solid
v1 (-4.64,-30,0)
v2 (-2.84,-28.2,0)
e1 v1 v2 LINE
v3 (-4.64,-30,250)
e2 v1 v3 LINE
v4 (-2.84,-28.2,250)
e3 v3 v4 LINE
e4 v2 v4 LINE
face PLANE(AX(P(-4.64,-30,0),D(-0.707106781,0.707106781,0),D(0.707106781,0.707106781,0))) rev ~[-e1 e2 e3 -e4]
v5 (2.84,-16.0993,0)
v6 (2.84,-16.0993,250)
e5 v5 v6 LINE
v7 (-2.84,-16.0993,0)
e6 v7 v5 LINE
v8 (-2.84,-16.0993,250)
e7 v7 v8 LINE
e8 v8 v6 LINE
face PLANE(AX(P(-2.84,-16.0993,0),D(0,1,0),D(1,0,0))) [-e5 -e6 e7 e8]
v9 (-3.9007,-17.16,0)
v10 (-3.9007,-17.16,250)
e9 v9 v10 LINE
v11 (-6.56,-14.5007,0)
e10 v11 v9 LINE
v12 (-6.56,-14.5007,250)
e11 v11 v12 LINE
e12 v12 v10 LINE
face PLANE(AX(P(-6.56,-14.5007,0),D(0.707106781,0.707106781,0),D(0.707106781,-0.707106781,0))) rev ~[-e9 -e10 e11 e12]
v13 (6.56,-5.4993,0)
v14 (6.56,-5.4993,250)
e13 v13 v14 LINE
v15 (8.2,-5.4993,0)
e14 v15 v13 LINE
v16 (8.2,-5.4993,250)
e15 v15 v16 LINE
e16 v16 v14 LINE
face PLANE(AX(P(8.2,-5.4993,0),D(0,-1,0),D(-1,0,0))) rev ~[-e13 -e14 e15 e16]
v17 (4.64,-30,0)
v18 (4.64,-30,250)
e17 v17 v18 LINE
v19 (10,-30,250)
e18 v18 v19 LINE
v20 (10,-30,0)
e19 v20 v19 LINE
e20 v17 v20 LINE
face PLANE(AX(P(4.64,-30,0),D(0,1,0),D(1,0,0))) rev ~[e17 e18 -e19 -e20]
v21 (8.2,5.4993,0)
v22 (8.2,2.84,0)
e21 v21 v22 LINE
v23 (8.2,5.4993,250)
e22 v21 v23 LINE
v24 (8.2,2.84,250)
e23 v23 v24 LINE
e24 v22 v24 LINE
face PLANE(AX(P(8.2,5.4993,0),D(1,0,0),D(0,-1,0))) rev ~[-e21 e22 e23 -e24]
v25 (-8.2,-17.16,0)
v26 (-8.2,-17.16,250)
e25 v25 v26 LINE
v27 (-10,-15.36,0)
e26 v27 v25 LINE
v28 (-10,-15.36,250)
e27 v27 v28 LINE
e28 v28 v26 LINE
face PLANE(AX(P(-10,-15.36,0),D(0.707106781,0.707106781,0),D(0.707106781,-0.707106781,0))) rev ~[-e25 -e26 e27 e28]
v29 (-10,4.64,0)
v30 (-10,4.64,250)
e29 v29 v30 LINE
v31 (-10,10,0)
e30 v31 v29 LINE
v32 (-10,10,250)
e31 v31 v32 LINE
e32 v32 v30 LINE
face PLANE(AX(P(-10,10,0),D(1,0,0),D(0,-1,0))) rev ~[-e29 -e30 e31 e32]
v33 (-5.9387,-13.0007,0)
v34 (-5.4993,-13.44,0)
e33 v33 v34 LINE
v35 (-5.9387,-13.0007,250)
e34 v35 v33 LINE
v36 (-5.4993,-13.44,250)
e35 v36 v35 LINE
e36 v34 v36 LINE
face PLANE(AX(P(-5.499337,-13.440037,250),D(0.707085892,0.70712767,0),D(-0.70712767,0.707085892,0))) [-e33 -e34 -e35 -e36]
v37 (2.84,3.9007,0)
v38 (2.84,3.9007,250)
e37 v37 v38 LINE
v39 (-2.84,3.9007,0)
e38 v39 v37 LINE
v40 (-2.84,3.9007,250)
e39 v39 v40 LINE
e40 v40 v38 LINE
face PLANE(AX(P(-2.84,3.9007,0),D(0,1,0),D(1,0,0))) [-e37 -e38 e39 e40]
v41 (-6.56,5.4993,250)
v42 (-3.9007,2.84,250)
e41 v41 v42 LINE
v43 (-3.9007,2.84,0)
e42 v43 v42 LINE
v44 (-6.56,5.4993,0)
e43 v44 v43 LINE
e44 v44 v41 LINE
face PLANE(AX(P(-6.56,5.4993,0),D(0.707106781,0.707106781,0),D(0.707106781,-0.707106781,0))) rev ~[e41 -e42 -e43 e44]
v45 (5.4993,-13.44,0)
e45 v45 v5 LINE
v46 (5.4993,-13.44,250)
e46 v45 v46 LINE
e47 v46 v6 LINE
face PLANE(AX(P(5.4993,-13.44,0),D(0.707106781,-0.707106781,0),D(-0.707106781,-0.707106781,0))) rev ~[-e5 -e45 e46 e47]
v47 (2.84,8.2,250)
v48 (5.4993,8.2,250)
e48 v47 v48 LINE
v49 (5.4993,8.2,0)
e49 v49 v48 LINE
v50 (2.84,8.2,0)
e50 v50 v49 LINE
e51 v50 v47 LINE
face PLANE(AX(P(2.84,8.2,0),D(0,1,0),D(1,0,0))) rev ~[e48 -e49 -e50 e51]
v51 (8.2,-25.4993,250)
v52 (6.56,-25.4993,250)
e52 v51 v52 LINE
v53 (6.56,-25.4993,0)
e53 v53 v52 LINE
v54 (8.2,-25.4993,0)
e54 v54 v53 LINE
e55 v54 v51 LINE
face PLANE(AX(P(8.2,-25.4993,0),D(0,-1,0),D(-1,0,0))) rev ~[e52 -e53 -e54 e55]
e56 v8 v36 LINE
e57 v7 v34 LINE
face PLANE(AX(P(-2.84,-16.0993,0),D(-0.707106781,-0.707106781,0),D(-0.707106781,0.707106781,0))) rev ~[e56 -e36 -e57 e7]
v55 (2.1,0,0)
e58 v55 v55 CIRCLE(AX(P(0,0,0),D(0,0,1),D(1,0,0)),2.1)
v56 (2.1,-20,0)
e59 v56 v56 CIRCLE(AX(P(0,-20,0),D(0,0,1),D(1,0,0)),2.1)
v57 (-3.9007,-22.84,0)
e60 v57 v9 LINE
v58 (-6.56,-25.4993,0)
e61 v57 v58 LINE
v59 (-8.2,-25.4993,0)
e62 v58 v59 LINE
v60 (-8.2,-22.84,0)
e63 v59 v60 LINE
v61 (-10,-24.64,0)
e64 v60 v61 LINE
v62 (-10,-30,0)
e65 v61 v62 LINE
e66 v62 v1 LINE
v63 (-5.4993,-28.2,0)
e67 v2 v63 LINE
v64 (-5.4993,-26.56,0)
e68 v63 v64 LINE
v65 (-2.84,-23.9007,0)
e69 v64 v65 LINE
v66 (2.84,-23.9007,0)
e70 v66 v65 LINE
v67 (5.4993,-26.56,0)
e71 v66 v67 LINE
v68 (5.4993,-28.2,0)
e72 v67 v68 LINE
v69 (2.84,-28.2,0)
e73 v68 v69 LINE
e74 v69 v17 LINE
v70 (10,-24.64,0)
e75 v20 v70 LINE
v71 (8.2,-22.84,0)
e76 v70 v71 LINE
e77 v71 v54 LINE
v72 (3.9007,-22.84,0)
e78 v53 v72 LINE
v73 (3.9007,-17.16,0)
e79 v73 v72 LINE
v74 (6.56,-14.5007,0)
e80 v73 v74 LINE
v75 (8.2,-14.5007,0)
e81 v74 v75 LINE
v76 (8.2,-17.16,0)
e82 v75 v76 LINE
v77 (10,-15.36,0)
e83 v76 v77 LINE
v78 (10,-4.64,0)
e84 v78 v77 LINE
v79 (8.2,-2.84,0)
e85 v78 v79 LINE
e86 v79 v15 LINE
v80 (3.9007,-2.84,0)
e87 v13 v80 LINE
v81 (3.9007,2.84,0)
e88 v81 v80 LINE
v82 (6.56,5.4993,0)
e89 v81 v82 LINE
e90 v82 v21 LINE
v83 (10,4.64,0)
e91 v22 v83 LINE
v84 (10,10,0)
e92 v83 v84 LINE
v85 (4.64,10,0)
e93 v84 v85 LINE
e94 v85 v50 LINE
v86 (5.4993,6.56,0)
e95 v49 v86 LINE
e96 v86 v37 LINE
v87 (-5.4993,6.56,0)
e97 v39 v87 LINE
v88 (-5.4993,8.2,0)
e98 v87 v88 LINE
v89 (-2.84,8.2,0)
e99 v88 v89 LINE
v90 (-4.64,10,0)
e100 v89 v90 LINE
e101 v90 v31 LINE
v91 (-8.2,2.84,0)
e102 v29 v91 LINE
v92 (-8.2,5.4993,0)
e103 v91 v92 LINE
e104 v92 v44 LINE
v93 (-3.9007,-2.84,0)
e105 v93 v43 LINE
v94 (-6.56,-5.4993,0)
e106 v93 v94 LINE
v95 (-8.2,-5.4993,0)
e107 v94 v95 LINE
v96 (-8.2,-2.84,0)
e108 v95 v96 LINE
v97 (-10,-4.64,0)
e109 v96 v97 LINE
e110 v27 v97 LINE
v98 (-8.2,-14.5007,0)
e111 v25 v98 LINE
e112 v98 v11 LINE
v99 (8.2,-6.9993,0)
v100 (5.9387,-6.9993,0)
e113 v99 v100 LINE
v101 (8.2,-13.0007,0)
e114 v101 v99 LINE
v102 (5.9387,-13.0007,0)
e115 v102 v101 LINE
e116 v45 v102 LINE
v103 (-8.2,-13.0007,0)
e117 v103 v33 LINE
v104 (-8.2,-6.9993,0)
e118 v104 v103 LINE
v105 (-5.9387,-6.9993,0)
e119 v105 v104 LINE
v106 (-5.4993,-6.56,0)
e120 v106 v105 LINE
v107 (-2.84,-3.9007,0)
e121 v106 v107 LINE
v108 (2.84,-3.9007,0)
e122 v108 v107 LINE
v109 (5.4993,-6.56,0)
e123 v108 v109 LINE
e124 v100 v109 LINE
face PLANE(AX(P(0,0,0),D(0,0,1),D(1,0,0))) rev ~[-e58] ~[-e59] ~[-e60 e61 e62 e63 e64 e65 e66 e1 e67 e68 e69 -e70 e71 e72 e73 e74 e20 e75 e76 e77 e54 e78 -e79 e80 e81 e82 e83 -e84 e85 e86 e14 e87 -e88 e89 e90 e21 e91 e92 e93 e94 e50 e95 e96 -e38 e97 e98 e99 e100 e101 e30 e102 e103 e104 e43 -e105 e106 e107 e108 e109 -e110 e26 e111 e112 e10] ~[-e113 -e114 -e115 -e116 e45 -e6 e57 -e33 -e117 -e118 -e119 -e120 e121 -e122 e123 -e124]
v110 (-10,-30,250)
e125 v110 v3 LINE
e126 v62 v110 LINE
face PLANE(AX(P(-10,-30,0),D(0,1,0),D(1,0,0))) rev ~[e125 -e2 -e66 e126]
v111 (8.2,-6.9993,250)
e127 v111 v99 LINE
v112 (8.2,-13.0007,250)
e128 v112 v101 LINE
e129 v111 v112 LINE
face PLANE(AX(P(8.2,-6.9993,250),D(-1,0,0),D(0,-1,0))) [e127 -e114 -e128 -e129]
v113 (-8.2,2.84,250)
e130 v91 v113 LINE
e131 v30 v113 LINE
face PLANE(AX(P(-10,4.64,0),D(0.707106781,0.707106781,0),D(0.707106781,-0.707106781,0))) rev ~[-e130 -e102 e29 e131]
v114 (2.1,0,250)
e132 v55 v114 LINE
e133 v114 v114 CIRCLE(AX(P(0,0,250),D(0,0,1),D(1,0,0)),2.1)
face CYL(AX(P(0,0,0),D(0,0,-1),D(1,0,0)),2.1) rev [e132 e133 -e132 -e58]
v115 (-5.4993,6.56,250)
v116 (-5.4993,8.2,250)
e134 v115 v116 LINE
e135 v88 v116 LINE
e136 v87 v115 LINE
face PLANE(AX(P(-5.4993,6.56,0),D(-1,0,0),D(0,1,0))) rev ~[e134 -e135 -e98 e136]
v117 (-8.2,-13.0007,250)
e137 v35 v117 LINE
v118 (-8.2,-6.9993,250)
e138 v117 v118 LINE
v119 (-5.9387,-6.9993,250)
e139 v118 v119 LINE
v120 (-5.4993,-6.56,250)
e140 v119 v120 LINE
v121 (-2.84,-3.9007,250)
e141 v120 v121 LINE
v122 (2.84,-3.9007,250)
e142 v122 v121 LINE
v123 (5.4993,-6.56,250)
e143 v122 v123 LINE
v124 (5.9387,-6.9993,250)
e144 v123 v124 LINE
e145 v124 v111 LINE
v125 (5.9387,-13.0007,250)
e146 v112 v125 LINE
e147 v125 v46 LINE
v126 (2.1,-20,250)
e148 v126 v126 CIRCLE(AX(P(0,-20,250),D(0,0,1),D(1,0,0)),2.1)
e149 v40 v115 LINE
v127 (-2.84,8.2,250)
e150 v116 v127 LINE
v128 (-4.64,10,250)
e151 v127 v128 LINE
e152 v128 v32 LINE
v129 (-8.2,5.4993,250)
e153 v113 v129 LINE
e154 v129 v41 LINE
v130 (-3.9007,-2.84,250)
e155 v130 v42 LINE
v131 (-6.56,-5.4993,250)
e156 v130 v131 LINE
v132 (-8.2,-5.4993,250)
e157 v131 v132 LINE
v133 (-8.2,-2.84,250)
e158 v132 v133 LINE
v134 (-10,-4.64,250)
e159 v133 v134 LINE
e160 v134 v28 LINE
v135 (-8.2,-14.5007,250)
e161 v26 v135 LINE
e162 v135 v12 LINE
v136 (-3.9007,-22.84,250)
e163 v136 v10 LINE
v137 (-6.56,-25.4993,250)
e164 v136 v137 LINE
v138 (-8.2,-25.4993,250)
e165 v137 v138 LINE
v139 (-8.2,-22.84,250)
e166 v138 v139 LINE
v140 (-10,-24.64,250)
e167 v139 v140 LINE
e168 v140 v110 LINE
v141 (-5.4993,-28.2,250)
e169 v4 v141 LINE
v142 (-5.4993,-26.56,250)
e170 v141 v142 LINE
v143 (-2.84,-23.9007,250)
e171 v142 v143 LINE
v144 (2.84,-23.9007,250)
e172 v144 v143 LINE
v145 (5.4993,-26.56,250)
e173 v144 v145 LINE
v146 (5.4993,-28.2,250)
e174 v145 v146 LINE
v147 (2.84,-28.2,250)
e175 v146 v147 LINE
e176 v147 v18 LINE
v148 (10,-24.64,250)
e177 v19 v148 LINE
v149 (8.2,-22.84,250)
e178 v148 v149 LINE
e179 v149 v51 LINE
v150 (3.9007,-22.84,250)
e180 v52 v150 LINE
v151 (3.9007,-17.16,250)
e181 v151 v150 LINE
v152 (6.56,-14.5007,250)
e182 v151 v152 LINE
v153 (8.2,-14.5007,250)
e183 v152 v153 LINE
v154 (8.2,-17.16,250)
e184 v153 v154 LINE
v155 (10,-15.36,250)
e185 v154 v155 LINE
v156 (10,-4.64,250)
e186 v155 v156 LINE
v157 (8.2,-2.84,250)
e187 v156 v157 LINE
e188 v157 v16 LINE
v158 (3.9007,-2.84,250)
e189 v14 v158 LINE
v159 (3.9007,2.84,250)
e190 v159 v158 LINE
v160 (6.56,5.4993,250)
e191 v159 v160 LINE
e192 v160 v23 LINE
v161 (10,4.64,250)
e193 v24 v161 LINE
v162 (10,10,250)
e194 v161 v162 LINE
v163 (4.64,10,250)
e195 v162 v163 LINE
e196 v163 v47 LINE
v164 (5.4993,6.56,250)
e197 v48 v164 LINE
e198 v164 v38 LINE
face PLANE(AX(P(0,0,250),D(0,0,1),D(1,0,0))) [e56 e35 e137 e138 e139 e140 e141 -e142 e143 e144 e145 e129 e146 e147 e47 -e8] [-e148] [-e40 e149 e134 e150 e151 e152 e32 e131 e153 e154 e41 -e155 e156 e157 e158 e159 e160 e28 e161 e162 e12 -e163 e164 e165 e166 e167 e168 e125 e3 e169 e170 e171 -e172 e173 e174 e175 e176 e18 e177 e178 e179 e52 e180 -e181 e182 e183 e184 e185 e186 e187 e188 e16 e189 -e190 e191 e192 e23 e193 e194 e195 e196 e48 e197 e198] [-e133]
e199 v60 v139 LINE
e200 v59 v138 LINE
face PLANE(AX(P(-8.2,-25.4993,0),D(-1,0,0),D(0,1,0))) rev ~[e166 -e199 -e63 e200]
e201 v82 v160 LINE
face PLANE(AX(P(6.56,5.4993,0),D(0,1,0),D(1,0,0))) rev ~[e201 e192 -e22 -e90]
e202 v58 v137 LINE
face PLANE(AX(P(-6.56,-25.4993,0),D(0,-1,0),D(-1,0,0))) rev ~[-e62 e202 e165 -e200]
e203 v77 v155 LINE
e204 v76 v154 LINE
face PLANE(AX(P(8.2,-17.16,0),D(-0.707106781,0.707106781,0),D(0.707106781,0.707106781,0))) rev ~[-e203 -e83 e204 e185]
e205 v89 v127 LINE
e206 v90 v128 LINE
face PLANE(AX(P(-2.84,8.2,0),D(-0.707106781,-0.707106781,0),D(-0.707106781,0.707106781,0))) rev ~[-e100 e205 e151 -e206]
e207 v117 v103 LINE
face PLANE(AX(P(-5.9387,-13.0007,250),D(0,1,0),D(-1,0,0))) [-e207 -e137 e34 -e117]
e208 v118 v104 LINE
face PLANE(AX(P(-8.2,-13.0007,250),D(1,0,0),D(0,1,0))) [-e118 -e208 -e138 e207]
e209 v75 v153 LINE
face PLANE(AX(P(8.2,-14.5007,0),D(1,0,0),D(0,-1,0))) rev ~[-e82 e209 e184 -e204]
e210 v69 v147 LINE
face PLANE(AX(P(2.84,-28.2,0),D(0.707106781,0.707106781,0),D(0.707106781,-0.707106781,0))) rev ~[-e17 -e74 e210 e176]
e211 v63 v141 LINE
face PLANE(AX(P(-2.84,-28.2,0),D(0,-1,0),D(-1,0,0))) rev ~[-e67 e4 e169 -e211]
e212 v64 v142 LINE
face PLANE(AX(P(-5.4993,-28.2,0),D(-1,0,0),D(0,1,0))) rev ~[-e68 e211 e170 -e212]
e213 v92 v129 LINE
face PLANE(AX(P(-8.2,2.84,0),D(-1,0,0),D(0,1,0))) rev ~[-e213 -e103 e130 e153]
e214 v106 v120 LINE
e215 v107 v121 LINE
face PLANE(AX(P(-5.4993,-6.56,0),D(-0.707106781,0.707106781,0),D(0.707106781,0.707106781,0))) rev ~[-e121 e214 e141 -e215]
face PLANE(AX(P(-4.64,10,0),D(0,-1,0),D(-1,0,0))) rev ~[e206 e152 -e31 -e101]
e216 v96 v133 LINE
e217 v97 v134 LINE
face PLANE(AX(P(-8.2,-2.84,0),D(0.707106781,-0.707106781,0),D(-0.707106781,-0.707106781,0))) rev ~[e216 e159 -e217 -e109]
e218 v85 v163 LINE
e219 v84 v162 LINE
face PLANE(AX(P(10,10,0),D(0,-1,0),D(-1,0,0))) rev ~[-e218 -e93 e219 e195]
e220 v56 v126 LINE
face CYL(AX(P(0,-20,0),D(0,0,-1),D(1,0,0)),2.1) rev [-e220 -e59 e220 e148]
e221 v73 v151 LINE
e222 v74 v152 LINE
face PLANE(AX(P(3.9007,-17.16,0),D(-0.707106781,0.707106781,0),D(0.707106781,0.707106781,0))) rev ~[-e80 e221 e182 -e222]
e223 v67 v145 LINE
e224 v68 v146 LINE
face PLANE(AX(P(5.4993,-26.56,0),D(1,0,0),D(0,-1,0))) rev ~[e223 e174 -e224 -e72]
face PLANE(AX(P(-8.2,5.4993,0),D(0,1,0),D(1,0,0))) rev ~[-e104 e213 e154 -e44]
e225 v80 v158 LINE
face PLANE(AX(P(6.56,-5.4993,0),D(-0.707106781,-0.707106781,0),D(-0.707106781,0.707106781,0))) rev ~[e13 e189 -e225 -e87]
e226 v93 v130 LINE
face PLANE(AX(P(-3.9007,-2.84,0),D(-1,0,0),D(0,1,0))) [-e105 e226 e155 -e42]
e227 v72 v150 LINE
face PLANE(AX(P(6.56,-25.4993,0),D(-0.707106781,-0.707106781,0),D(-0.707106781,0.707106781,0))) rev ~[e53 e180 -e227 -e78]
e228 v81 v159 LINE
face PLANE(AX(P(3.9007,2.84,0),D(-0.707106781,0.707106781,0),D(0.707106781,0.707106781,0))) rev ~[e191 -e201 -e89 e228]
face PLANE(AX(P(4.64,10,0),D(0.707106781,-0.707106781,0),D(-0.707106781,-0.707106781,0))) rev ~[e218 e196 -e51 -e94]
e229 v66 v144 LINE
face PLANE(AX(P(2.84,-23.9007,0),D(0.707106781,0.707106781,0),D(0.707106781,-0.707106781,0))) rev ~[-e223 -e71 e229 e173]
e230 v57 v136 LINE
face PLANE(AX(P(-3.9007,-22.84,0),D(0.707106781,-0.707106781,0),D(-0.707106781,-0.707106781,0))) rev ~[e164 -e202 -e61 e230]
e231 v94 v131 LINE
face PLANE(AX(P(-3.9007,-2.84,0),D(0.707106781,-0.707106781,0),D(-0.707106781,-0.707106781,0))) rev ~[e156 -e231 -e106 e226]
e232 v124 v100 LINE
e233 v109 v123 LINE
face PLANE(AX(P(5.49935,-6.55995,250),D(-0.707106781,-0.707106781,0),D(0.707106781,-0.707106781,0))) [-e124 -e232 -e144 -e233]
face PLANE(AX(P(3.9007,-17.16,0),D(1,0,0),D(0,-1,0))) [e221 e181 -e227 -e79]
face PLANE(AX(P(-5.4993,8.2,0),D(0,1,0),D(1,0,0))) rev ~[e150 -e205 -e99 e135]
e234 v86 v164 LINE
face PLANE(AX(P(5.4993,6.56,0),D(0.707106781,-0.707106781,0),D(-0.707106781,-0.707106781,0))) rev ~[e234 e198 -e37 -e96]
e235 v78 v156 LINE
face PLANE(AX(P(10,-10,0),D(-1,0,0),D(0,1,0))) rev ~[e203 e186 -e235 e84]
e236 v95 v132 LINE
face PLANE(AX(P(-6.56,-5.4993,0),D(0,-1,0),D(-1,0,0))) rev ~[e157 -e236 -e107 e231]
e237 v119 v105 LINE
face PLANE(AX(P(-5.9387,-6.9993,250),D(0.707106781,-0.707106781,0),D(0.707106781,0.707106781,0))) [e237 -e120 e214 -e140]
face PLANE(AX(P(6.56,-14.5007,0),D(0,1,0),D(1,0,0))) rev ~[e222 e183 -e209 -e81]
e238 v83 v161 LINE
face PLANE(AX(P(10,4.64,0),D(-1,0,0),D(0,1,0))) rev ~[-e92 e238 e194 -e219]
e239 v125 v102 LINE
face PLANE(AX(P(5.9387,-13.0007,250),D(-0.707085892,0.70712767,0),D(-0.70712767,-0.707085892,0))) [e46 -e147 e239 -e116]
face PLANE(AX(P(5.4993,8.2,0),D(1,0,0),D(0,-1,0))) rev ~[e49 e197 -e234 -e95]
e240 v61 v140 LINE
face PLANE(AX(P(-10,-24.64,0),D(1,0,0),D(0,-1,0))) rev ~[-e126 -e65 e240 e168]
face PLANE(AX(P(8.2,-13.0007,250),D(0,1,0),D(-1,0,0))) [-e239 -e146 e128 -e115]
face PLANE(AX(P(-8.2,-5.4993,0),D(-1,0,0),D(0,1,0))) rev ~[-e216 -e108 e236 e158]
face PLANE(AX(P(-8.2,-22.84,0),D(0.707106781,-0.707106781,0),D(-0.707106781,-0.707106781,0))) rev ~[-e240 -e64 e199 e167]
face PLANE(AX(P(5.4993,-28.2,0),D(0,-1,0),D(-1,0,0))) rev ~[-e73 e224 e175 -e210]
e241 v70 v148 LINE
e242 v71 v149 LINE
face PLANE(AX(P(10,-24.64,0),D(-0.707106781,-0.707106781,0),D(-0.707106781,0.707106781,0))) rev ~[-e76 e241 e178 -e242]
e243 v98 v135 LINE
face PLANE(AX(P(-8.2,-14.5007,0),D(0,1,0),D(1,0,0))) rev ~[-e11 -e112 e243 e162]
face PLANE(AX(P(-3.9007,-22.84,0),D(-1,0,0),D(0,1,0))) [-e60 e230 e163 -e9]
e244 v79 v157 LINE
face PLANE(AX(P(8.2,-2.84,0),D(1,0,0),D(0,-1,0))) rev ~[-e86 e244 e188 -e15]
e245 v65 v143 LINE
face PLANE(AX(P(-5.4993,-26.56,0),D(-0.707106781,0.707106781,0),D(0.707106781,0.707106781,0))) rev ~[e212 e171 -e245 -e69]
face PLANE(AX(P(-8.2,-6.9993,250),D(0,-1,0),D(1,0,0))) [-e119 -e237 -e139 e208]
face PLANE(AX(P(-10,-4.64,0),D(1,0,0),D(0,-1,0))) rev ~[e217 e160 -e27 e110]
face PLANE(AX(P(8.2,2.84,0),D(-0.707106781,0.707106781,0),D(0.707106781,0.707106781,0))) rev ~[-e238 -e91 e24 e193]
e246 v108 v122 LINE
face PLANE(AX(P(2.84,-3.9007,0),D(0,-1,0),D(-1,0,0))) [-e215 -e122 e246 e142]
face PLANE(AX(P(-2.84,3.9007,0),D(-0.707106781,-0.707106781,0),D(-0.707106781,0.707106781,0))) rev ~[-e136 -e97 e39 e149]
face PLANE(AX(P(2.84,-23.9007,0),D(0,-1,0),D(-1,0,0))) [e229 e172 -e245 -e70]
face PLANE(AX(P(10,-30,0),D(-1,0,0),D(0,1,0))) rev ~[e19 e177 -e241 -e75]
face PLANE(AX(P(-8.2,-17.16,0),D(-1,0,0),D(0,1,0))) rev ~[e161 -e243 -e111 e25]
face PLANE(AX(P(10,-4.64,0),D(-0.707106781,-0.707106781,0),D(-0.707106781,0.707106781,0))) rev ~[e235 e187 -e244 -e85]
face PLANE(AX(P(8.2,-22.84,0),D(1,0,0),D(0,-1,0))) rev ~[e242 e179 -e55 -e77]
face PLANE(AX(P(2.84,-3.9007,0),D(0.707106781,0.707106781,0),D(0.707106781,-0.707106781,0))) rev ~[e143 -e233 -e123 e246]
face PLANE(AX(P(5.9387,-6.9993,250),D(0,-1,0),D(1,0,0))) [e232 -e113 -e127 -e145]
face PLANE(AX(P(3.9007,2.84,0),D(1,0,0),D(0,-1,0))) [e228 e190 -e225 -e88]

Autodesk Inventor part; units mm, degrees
ref_plane "YZ Plane" through (0, 0, 0) normal (1, 0, 0) x (0, 1, 0)
ref_plane "XZ Plane" through (0, 0, 0) normal (0, 1, 0) x (-1, 0, 0)
ref_plane "XY Plane" through (0, 0, 0) normal (0, 0, 1) x (1, 0, 0)
sketch "Sketch1" plane through (0, 0, 0) normal (0, 0, 1) x (1, 0, 0)
  line L0 (-3.9007, 3.9007) -> (3.9007, 3.9007)
  line L1 (3.9007, 3.9007) -> (3.9007, -3.9007)
  line L2 (3.9007, -3.9007) -> (-3.9007, -3.9007)
  line L3 (-3.9007, -3.9007) -> (-3.9007, 3.9007)
  line L4 (0, 3.9007) -> (0, -3.9007) construction
  line L5 (-3.9007, 0) -> (3.9007, 0) construction
  circle A0 centre (0, 0) radius 2.1
  line L6 (0, 0) -> (-16.1173, 16.1173) construction
  line L7 (0, 0) -> (22.7933, 0) construction
  line L8 (-2.84, 3.9007) -> (-5.4993, 6.56)
  line L9 (-5.4993, 6.56) -> (-5.4993, 8.2)
  line L10 (-5.4993, 8.2) -> (-2.84, 8.2)
  line L11 (-2.84, 8.2) -> (-4.64, 10)
  line L12 (-4.64, 10) -> (-10, 10)
  line L13 (-10, 10) -> (-10, 4.64)
  line L14 (-10, 4.64) -> (-8.2, 2.84)
  line L15 (-8.2, 2.84) -> (-8.2, 5.4993)
  line L16 (-8.2, 5.4993) -> (-6.56, 5.4993)
  line L17 (-6.56, 5.4993) -> (-3.9007, 2.84)
  line L18 (-3.9007, 2.84) -> (-11.3102, 2.84) construction
  line L19 (-2.84, 3.9007) -> (-3.9007, 3.9007)
  line L20 (-3.9007, 2.84) -> (-3.9007, 3.9007)
  line L21 (-3.9007, -2.84) -> (-6.56, -5.4993)
  line L22 (-6.56, -5.4993) -> (-8.2, -5.4993)
  line L23 (-8.2, -5.4993) -> (-8.2, -2.84)
  line L24 (-8.2, -2.84) -> (-10, -4.64)
  line L25 (-10, -4.64) -> (-10, -10)
  line L26 (-10, -10) -> (-4.64, -10)
  line L27 (-4.64, -10) -> (-2.84, -8.2)
  line L28 (-2.84, -8.2) -> (-5.4993, -8.2)
  line L29 (-5.4993, -8.2) -> (-5.4993, -6.56)
  line L30 (-5.4993, -6.56) -> (-2.84, -3.9007)
  line L31 (-3.9007, -2.84) -> (-3.9007, -3.9007)
  line L32 (-2.84, -3.9007) -> (-3.9007, -3.9007)
  line L33 (2.84, -3.9007) -> (5.4993, -6.56)
  line L34 (5.4993, -6.56) -> (5.4993, -8.2)
  line L35 (5.4993, -8.2) -> (2.84, -8.2)
  line L36 (2.84, -8.2) -> (4.64, -10)
  line L37 (4.64, -10) -> (10, -10)
  line L38 (10, -10) -> (10, -4.64)
  line L39 (10, -4.64) -> (8.2, -2.84)
  line L40 (8.2, -2.84) -> (8.2, -5.4993)
  line L41 (8.2, -5.4993) -> (6.56, -5.4993)
  line L42 (6.56, -5.4993) -> (3.9007, -2.84)
  line L43 (2.84, -3.9007) -> (3.9007, -3.9007)
  line L44 (3.9007, -2.84) -> (3.9007, -3.9007)
  line L45 (3.9007, 2.84) -> (6.56, 5.4993)
  line L46 (6.56, 5.4993) -> (8.2, 5.4993)
  line L47 (8.2, 5.4993) -> (8.2, 2.84)
  line L48 (8.2, 2.84) -> (10, 4.64)
  line L49 (10, 4.64) -> (10, 10)
  line L50 (10, 10) -> (4.64, 10)
  line L51 (4.64, 10) -> (2.84, 8.2)
  line L52 (2.84, 8.2) -> (5.4993, 8.2)
  line L53 (5.4993, 8.2) -> (5.4993, 6.56)
  line L54 (5.4993, 6.56) -> (2.84, 3.9007)
  line L55 (3.9007, 2.84) -> (3.9007, 3.9007)
  line L56 (2.84, 3.9007) -> (3.9007, 3.9007)
  dimension "d7" = 4.2
  dimension "d8" = 135
  dimension "d9" = 1.5
  dimension "d10" = 1.64
  dimension "d11" = 1.8
  dimension "d12" = 2.84
  dimension "d13" = 10
  dimension "d16" = 360
extrude "Extrusion1" add sketch "Sketch1" along normal blind 250
pattern_linear "Rectangular Pattern1" count 2 spacing 20 along (0, -1, 0) of "Extrusion1"
sketch "Sketch2" plane through (0, 0, 250) normal (0, 0, 1) x (1, 0, 0)
  line L0 (8.2, -2.84) -> (8.2, -5.4993) projected
  line L1 (8.2, -5.4993) -> (6.56, -5.4993) projected
  line L2 (-6.56, -5.4993) -> (-8.2, -5.4993) projected
  line L3 (-8.2, -5.4993) -> (-8.2, -2.84) projected
  line L4 (-8.2, -14.5007) -> (-6.56, -14.5007) projected
  line L5 (6.56, -14.5007) -> (8.2, -14.5007) projected
  line L6 (5.4993, -11.8) -> (5.4993, -13.44) projected
  line L7 (5.4993, -13.44) -> (2.84, -16.0993) projected
  line L8 (-2.84, -16.0993) -> (-5.4993, -13.44) projected
  line L9 (-5.4993, -8.2) -> (-5.4993, -6.56) projected
  line L10 (-5.4993, -6.56) -> (-2.84, -3.9007) projected
  line L11 (2.84, -3.9007) -> (5.4993, -6.56) projected
  line L12 (2.84, -8.2) -> (4.64, -10) projected
  line L13 (-8.2, -6.9993) -> (-5.9387, -6.9993)
  line L14 (-5.9387, -6.9993) -> (-4.1231, -5.1837)
  line L15 (-4.1231, -5.1837) -> (4.1231, -5.1837)
  line L16 (4.1231, -5.1837) -> (5.9387, -6.9993)
  line L17 (5.9387, -6.9993) -> (8.2, -6.9993)
  line L18 (8.2, -6.9993) -> (8.2, -13.0007)
  line L19 (8.2, -13.0007) -> (5.9387, -13.0007)
  line L20 (5.9387, -13.0007) -> (4.2461, -14.6932)
  line L21 (4.2461, -14.6932) -> (-4.2461, -14.6932)
  line L22 (-4.2461, -14.6932) -> (-5.9387, -13.0007)
  line L23 (-5.9387, -13.0007) -> (-8.2, -13.0007)
  line L24 (-8.2, -13.0007) -> (-8.2, -6.9993)
  dimension "d23" = 1.5
  dimension "d24" = 1.5
  dimension "d25" = 1.5
  dimension "d26" = 1.5
extrude "Extrusion2" cut sketch "Sketch2" against normal up to next
equation "\"d24\" = d23"
equation "\"d25\" = d23"
equation "\"d26\" = d23"
properties part number "20x40x250mm"
